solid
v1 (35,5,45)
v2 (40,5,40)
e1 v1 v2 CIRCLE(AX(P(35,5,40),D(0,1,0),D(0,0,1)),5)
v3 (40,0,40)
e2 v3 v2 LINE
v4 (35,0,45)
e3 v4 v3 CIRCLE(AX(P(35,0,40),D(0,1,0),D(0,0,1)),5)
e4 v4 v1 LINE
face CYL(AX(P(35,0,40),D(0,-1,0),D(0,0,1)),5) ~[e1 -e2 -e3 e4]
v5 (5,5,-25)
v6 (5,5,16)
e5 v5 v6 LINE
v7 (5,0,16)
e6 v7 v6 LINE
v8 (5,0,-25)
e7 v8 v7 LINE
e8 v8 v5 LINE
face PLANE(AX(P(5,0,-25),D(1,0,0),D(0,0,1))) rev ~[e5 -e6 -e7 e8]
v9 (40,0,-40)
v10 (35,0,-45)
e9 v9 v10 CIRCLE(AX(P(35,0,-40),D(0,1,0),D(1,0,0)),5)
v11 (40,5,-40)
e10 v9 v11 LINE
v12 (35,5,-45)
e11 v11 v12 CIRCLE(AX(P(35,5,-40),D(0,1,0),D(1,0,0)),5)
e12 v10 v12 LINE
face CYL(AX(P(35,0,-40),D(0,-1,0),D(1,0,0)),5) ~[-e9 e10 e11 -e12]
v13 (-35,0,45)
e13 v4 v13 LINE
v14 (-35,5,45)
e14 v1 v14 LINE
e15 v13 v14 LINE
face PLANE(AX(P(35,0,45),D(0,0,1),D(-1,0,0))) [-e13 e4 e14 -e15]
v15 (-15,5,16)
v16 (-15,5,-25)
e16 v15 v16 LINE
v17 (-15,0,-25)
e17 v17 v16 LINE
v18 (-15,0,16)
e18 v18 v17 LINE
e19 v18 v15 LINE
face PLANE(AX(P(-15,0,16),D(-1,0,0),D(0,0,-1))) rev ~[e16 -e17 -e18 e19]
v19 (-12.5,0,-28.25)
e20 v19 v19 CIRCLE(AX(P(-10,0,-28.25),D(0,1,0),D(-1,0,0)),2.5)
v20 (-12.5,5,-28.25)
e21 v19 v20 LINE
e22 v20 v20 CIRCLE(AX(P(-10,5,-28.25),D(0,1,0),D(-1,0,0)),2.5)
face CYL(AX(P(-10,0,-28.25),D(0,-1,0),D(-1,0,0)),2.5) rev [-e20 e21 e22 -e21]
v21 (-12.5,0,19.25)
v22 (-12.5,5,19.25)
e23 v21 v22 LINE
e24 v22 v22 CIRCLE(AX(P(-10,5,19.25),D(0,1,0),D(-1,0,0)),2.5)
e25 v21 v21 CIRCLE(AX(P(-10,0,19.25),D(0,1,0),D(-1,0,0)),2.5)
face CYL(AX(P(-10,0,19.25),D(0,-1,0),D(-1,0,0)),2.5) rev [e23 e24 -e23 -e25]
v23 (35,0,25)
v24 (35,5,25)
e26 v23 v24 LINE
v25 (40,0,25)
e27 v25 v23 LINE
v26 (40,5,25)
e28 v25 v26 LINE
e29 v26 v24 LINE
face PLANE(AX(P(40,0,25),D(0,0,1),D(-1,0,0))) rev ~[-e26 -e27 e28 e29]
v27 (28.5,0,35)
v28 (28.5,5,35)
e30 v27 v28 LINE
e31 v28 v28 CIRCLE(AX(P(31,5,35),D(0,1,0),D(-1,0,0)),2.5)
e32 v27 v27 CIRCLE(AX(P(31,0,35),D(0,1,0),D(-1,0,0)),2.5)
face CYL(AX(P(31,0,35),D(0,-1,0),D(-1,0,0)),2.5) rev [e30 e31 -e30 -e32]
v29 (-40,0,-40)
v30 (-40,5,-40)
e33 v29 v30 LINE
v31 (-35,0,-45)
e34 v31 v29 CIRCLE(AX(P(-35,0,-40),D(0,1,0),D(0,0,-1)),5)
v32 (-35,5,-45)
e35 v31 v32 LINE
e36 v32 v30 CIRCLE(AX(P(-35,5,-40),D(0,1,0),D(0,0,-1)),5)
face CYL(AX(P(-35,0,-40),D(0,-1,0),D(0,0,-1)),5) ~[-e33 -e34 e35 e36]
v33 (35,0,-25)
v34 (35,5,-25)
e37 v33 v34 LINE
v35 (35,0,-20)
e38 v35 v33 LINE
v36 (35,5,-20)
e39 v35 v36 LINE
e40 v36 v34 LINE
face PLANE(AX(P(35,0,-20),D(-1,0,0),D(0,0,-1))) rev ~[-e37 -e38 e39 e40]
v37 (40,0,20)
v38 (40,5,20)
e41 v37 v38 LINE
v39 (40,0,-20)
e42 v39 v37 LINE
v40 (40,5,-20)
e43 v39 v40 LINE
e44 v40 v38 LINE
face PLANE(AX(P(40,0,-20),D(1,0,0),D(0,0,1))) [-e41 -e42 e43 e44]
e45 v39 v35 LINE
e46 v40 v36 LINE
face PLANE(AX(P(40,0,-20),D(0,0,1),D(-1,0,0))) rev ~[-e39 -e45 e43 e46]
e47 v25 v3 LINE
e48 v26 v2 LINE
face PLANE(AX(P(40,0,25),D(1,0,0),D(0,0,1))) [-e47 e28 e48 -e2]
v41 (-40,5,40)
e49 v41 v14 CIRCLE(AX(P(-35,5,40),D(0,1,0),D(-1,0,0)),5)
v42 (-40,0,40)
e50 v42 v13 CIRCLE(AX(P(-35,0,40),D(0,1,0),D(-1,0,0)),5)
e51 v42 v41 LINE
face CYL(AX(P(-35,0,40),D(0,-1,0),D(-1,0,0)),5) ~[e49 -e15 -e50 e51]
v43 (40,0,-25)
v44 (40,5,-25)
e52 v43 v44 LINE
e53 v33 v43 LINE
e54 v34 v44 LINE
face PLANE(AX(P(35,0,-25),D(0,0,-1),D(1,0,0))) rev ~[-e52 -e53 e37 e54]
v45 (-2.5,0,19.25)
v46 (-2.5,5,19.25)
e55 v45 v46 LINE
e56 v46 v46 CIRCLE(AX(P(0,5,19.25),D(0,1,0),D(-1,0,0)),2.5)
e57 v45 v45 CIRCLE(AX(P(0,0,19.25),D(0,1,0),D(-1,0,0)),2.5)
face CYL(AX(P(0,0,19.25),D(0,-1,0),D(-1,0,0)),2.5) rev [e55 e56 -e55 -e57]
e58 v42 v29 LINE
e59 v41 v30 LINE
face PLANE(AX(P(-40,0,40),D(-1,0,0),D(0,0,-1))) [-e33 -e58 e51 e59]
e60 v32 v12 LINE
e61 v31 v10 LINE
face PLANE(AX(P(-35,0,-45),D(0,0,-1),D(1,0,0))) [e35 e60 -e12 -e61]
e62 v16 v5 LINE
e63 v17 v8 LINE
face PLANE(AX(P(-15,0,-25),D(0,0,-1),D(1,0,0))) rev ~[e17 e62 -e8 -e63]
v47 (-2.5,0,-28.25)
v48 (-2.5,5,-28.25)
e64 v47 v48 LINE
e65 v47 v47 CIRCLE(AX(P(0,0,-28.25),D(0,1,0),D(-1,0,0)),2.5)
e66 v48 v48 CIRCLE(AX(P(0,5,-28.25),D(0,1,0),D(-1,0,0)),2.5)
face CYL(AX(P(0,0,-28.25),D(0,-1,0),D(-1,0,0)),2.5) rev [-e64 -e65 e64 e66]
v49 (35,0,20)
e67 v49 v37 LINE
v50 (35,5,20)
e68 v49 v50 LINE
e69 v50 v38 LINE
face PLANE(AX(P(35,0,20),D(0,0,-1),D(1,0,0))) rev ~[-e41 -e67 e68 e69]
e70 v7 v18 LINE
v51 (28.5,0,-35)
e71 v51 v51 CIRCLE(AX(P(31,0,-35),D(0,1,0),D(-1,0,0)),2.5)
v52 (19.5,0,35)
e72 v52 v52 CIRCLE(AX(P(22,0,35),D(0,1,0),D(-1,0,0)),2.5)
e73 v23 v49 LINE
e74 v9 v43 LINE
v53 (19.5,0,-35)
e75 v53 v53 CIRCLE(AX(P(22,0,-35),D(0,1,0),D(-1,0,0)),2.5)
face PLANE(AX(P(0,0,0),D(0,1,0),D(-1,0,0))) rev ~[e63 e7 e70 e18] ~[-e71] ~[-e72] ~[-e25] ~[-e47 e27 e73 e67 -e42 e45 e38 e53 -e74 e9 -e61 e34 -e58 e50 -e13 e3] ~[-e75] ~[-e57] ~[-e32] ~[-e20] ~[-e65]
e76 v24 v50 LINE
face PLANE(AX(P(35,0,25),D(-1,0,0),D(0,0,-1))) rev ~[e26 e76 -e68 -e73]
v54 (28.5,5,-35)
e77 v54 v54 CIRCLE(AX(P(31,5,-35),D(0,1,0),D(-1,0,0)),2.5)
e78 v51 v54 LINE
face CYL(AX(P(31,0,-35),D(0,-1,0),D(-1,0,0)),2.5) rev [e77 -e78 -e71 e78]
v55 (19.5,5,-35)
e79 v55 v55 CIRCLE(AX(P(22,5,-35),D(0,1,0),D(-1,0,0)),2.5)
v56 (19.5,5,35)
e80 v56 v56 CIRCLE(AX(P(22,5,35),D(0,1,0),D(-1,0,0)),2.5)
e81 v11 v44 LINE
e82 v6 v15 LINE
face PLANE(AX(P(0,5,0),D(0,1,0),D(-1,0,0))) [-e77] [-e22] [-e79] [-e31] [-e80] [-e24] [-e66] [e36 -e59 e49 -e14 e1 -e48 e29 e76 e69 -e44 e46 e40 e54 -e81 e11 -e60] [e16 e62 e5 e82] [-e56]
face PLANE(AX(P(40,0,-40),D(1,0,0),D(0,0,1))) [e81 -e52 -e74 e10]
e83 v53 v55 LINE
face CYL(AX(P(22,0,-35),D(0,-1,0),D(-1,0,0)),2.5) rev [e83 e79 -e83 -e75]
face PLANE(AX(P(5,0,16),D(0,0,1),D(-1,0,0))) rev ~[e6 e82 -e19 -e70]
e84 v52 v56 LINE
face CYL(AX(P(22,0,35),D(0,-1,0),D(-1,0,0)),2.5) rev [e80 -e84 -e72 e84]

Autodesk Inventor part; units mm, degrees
ref_plane "YZ Plane" through (0, 0, 0) normal (1, 0, 0) x (0, 1, 0)
ref_plane "XZ Plane" through (0, 0, 0) normal (0, 1, 0) x (-1, 0, 0)
ref_plane "XY Plane" through (0, 0, 0) normal (0, 0, 1) x (1, 0, 0)
sketch "Szkic1" plane through (0, 0, 0) normal (0, 1, 0) x (-1, 0, 0)
  line L0 (-35, 45) -> (35, 45)
  line L1 (40, 40) -> (40, -40)
  line L2 (35, -45) -> (-35, -45)
  line L3 (-40, -40) -> (-40, -25)
  line L4 (-40, 45) -> (40, -45) construction
  line L5 (40, 45) -> (-40, -45) construction
  arc A0 (40, 40) -> (35, 45) centre (35, 40) ccw
  arc A1 (-35, 45) -> (-40, 40) centre (-35, 40) ccw
  arc A2 (-40, -40) -> (-35, -45) centre (-35, -40) ccw
  arc A3 (35, -45) -> (40, -40) centre (35, -40) ccw
  line L6 (15, -25) -> (-5, -25)
  line L7 (-5, -25) -> (-5, 16)
  line L8 (-5, 16) -> (15, 16)
  line L9 (15, 16) -> (15, -25)
  circle A4 centre (10, 19.25) radius 2.5
  circle A5 centre (0, 19.25) radius 2.5
  circle A6 centre (10, -28.25) radius 2.5
  circle A7 centre (0, -28.25) radius 2.5
  line L10 (-40, 25) -> (-35, 25)
  line L11 (-35, 25) -> (-35, 20)
  line L12 (-35, 20) -> (-40, 20)
  line L13 (-40, -20) -> (-35, -20)
  line L14 (-35, -20) -> (-35, -25)
  line L15 (-35, -25) -> (-40, -25)
  line L16 (-40, 20) -> (-40, 25)
  line L17 (-40, 25) -> (-40, 40)
  line L18 (-40, -20) -> (-40, 20)
  circle A8 centre (-22, -35) radius 2.5
  circle A9 centre (-22, 35) radius 2.5
  circle A10 centre (-31, 35) radius 2.5
  circle A11 centre (-31, -35) radius 2.5
  point P0 (0, 0)
  dimension "d0" = 80
  dimension "d1" = 90
  dimension "d2" = 5
  dimension "d3" = 20
  dimension "d4" = 41
  dimension "d5" = 5
  dimension "d6" = 5
  dimension "d7" = 5
  dimension "d8" = 5
  dimension "d18" = 5
  dimension "d19" = 5
  dimension "d20" = 5
  dimension "d21" = 5
  dimension "d50" = 5
  dimension "d52" = 5
  dimension "d53" = 5
  dimension "d54" = 5
extrude "Wyciągnięcie proste3" add sketch "Szkic1" along normal blind 5 contours L0 A0 L1 A3 L2 A2 L3 L15 L14 L13 L18 L12 L11 L10 L17 A1
properties part number "Ground"
